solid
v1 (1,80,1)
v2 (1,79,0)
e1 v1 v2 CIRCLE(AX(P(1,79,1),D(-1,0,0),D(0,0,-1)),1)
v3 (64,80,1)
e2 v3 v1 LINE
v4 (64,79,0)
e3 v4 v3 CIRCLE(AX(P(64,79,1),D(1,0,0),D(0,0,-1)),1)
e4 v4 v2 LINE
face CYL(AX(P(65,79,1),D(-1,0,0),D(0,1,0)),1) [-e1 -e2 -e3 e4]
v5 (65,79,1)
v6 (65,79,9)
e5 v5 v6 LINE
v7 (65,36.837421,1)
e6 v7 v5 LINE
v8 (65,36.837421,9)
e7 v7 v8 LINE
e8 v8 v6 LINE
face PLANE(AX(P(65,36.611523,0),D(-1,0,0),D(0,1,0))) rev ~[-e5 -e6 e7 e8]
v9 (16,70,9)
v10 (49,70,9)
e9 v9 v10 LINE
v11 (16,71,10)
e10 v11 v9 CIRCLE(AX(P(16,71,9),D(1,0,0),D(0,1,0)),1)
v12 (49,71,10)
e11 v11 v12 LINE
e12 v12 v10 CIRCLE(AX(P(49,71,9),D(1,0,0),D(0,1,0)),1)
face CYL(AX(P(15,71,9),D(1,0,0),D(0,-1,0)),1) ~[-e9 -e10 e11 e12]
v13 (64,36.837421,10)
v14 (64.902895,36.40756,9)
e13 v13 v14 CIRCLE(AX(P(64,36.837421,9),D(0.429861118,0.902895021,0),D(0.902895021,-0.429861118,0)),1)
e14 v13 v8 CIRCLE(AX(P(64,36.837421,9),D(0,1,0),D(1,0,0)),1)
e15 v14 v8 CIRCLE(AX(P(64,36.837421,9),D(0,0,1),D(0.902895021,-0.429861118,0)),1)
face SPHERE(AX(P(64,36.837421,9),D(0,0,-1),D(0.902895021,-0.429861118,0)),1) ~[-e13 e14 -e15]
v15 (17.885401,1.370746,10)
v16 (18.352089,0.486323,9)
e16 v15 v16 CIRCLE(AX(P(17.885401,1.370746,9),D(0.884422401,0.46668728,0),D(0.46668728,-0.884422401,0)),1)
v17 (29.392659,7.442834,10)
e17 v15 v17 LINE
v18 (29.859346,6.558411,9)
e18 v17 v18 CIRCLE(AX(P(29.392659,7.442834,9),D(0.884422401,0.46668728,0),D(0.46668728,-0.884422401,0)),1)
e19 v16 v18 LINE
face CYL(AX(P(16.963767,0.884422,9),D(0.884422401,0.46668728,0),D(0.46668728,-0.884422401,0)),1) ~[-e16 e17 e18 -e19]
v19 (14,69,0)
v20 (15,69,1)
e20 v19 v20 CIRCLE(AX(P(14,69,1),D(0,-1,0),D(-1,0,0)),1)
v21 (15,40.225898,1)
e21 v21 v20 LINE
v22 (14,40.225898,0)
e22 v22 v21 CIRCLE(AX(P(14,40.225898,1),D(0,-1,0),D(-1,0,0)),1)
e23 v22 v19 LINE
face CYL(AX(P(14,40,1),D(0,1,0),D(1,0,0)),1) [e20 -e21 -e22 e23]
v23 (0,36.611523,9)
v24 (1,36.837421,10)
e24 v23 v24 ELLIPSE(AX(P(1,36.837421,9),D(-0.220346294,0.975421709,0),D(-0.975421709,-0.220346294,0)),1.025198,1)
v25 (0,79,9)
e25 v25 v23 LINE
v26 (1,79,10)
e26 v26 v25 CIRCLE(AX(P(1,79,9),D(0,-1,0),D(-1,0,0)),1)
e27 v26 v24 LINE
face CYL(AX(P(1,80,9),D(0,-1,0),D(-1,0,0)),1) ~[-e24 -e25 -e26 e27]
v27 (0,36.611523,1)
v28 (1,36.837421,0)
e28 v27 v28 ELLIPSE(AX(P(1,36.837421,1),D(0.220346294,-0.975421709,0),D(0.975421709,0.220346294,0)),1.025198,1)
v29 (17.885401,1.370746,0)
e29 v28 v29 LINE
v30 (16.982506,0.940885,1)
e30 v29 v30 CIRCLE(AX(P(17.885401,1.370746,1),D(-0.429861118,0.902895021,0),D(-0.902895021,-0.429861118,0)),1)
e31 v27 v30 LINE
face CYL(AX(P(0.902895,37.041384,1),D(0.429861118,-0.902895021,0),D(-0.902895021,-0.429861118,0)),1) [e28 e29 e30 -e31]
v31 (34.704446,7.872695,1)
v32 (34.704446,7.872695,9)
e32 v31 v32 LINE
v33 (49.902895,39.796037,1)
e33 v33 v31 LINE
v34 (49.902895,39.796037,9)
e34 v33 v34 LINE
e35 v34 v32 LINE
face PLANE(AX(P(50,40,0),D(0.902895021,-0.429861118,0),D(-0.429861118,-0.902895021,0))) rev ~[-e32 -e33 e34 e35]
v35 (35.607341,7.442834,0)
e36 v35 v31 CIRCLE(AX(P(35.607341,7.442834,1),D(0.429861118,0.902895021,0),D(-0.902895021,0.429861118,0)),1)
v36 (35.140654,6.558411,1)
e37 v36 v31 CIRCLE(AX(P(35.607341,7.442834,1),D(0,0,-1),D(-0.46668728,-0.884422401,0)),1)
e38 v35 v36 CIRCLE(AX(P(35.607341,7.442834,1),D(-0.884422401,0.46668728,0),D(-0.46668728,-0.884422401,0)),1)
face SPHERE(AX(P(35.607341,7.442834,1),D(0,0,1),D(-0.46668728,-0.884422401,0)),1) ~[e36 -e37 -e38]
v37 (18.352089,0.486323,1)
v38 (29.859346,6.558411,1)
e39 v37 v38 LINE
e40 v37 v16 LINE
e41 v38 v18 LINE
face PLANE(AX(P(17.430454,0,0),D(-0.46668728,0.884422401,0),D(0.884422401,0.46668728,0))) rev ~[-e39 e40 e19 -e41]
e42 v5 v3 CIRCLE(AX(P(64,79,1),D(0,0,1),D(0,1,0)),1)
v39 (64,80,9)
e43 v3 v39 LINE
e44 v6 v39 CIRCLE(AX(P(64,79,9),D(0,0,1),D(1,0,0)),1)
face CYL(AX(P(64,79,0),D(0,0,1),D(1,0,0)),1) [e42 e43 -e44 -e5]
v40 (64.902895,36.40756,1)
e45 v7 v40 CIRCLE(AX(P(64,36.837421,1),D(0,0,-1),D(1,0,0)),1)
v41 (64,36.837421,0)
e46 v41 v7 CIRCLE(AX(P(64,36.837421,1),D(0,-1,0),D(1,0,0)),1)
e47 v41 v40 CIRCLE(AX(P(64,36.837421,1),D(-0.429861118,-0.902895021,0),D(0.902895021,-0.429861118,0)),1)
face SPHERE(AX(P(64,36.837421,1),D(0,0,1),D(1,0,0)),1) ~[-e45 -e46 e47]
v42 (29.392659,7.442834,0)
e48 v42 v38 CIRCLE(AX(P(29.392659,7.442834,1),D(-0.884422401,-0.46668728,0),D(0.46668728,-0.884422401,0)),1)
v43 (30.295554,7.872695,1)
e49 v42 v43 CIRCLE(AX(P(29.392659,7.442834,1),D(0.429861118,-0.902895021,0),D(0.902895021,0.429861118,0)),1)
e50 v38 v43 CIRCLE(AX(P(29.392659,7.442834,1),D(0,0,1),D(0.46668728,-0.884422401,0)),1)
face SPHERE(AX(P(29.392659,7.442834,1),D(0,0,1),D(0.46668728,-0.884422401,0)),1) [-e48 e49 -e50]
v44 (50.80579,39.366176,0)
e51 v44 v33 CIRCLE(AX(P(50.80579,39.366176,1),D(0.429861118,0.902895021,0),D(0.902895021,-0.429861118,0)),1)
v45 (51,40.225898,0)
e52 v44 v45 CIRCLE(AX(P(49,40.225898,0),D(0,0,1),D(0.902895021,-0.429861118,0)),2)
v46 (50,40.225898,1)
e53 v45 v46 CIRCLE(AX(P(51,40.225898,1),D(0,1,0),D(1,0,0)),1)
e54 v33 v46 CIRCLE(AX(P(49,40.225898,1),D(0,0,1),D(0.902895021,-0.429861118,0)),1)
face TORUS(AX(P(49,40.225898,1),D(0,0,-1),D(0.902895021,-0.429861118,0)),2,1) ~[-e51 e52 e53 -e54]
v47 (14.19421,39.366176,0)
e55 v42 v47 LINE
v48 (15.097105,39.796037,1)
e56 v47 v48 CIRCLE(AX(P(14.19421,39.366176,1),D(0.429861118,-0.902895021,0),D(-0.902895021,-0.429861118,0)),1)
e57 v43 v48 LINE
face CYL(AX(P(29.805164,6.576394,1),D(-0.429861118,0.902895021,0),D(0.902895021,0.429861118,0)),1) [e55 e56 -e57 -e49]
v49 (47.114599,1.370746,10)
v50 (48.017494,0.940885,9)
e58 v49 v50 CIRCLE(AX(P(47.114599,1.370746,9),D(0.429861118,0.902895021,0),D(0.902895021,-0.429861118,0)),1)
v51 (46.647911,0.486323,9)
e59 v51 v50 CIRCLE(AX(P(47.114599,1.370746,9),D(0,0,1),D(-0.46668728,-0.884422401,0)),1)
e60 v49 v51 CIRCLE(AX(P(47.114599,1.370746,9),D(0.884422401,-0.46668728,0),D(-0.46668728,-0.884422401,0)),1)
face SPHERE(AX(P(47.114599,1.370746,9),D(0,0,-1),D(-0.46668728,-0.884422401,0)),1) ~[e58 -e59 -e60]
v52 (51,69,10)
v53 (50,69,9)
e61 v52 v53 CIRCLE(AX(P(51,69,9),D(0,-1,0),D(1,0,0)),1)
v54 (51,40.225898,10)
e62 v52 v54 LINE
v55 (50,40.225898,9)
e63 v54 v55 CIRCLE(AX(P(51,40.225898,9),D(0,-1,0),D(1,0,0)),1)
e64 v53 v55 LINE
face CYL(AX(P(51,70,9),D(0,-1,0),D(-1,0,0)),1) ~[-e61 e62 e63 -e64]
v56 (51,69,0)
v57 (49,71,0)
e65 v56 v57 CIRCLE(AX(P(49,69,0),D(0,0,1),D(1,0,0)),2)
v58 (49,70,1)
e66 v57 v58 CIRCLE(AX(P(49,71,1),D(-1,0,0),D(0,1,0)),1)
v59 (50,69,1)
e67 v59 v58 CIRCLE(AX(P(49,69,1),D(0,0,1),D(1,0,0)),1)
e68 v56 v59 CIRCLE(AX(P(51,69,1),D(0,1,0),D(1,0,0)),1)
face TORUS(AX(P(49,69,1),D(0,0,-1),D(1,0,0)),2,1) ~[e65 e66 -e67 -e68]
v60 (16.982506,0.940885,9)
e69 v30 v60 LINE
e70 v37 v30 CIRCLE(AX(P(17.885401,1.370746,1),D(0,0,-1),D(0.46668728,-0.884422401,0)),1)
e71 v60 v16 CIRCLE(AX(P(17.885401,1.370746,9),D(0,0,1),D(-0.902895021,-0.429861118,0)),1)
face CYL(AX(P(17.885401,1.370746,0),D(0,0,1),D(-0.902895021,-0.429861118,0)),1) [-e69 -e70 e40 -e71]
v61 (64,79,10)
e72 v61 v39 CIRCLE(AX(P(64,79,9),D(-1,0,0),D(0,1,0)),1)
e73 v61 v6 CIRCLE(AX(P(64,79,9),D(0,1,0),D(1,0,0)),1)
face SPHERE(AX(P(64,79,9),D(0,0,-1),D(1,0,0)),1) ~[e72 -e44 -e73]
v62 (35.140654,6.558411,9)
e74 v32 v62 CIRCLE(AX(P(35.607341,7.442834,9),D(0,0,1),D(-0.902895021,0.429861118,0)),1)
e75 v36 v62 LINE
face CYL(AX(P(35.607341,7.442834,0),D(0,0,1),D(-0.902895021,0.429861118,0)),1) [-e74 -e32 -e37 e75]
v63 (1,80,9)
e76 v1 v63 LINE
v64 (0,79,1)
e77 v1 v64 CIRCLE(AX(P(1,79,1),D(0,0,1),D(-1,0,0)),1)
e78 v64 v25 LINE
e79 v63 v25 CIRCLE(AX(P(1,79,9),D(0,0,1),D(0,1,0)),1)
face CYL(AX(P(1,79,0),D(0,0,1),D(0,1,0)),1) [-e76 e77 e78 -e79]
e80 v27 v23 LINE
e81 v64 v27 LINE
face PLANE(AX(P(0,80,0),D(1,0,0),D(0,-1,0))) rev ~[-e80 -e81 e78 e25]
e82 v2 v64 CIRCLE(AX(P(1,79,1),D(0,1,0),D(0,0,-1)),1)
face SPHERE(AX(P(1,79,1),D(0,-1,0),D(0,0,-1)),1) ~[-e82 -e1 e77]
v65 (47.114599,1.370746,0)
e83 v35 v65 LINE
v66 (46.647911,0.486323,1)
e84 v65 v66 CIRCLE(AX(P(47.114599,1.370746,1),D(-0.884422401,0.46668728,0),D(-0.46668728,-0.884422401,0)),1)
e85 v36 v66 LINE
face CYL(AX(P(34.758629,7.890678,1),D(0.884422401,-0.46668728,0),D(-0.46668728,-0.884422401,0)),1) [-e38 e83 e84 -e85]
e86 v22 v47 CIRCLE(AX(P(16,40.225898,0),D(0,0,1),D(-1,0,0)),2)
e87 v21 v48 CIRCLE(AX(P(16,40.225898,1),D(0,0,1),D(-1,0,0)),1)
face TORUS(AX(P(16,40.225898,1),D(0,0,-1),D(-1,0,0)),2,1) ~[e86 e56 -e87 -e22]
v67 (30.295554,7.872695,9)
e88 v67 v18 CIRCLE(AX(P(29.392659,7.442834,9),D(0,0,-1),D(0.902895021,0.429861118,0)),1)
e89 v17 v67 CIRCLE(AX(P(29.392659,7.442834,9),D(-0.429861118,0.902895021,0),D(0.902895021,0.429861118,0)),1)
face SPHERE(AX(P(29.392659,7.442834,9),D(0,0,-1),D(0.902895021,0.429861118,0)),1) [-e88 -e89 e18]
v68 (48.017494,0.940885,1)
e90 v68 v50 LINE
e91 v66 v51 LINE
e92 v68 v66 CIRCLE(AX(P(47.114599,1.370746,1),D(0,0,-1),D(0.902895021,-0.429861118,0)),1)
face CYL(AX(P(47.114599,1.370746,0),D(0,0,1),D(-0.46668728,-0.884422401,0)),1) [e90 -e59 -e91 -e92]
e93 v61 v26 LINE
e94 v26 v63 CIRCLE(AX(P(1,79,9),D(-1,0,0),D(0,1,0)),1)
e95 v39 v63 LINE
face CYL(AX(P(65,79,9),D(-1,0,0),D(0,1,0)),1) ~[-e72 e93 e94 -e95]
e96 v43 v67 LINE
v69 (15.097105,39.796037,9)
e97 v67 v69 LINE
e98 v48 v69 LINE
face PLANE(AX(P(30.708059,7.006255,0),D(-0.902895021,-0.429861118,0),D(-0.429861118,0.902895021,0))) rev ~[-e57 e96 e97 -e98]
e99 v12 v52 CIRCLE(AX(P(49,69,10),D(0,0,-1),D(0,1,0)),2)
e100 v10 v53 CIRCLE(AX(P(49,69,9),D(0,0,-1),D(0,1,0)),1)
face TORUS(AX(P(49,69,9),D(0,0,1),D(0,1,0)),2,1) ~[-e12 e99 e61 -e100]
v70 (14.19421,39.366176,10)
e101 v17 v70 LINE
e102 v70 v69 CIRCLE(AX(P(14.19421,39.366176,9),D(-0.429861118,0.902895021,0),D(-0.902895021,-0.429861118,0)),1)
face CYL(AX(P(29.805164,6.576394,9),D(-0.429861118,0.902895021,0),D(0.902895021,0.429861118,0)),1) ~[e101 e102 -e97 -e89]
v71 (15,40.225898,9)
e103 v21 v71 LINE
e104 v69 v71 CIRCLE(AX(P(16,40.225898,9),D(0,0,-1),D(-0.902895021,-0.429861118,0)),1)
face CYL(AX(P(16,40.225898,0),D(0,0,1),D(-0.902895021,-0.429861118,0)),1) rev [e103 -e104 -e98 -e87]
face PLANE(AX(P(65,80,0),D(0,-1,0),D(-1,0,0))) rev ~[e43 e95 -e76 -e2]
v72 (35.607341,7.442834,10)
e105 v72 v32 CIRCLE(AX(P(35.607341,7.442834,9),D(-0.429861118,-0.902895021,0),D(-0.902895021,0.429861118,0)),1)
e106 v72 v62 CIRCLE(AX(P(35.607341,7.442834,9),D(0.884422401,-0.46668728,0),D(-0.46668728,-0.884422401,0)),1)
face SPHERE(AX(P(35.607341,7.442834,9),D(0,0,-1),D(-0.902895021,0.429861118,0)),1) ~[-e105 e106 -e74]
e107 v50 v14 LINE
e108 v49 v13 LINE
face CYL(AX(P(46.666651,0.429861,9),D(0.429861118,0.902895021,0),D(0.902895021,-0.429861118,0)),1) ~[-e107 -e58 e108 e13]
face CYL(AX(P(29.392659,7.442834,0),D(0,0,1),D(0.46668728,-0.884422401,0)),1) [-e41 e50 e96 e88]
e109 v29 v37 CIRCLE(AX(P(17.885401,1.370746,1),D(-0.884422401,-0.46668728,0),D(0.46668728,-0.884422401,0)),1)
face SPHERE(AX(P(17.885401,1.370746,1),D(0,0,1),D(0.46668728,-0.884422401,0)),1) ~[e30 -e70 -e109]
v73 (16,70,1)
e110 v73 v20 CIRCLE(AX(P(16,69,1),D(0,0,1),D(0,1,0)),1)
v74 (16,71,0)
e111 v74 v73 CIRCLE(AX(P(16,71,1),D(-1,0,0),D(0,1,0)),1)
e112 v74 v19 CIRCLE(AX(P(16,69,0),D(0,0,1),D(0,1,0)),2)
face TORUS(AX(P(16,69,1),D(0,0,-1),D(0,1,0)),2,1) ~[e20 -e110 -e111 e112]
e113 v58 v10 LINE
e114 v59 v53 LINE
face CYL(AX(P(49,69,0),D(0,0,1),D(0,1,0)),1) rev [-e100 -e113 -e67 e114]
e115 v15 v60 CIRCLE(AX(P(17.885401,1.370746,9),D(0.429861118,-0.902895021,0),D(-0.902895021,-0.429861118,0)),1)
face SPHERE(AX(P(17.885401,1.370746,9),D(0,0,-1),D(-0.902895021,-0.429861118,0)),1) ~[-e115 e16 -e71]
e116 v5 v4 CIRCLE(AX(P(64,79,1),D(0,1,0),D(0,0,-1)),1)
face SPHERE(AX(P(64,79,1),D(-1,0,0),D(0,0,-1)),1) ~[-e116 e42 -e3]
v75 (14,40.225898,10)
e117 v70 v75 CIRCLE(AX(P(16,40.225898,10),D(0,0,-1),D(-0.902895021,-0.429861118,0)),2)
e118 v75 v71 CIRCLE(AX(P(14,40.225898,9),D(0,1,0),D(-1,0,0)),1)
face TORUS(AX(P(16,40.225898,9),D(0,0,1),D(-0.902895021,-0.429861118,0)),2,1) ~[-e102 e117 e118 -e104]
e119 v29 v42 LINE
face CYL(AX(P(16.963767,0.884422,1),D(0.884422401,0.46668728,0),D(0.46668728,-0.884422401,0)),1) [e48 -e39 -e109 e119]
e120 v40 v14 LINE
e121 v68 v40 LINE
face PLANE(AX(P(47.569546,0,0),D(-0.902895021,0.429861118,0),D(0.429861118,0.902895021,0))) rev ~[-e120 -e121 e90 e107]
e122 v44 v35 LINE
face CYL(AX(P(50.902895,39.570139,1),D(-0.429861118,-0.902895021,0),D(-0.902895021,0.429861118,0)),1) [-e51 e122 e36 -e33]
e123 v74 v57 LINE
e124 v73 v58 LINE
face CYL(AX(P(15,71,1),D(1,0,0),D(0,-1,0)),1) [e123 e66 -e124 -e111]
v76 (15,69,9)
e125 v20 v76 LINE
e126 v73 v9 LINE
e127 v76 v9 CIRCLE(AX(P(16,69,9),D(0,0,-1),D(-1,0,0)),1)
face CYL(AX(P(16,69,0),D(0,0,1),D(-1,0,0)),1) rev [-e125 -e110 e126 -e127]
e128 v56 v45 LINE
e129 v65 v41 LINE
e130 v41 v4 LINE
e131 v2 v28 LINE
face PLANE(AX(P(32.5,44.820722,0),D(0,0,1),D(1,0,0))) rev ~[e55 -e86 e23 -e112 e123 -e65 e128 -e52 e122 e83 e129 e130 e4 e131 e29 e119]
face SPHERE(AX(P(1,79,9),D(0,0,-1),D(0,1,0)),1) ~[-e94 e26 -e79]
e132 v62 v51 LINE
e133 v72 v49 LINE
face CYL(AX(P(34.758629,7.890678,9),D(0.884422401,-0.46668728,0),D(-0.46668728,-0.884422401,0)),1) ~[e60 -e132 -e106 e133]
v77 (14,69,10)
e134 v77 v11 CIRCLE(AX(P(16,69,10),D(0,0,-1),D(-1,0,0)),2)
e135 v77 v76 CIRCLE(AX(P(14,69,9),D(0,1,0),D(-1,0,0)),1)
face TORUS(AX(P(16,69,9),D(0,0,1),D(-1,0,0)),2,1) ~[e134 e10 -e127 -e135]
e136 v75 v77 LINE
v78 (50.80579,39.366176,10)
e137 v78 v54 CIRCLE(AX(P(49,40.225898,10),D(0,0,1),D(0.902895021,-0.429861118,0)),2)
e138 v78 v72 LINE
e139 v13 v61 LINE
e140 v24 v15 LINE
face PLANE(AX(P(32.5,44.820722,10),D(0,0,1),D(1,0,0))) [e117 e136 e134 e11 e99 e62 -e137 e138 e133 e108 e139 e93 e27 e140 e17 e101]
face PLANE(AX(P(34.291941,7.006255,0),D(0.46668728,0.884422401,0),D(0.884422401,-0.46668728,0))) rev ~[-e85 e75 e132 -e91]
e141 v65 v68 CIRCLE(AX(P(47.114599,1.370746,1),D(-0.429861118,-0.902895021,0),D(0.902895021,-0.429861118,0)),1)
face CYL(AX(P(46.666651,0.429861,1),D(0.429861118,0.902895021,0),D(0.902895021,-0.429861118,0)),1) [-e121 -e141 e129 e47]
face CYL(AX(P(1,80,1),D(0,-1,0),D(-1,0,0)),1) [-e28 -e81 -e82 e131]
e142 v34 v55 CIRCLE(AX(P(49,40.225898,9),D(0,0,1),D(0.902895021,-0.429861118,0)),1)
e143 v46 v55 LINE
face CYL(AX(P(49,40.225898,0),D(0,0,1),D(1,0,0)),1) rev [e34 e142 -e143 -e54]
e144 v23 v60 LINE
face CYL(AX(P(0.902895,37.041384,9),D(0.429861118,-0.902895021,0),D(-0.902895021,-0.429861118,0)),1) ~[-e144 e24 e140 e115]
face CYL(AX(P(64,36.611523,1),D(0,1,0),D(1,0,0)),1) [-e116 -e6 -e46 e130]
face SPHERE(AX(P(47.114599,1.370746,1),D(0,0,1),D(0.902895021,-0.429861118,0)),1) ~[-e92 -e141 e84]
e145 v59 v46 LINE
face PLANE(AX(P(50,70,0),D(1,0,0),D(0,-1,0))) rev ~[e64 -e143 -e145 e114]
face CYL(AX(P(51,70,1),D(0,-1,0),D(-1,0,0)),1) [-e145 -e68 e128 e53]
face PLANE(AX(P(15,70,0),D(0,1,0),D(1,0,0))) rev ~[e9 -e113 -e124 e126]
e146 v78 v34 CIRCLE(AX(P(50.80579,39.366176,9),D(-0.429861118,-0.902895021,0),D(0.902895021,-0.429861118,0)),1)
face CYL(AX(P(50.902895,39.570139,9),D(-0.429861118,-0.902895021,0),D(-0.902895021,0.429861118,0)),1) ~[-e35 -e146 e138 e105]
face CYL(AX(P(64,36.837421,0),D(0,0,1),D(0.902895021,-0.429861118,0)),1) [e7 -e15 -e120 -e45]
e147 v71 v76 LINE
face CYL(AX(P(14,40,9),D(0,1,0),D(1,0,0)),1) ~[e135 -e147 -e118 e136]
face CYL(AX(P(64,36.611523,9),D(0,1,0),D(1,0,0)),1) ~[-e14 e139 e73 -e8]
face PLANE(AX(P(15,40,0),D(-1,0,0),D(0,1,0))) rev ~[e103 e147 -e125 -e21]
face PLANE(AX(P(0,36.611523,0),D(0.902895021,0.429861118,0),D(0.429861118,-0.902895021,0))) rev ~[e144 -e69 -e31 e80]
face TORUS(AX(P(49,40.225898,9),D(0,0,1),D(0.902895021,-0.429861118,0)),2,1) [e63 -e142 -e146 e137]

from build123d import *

# Parameters (mm, degrees)
BOSS_EXTRUDE1_DEPTH = 10
FILLET1_R           = 1


with BuildPart() as part:
    # Sketch1 → Boss-Extrude1 (new body)
    with BuildSketch(Plane.XY):
        Polygon((0, 40), (0, 36.611522599), (17.430453908, 0), (30.708058647, 7.006255421), (15, 40), (15, 70), (50, 70), (50, 40), (34.291941353, 7.006255421), (47.569546092, 0), (65, 36.611522599), (65, 80), (0, 80), align=None)
    extrude(amount=BOSS_EXTRUDE1_DEPTH)

    # Fillet1
    fillet1_edges = [part.edges().sort_by_distance(p)[0] for p in [
        (15, 55, 10),
        (24.069256278, 3.50312771, 0),
        (8.715226954, 18.3057613, 0),
        (0, 58.3057613, 0),
        (32.5, 80, 0),
        (65, 58.3057613, 0),
        (32.5, 70, 10),
        (56.284773046, 18.3057613, 0),
        (40.930743722, 3.50312771, 0),
        (42.145970676, 23.50312771, 0),
        (50, 55, 0),
        (32.5, 70, 0),
        (15, 55, 0),
        (22.854029324, 23.50312771, 0),
        (50, 55, 10),
        (30.708058647, 7.006255421, 5),
        (17.430453908, 0, 5),
        (0, 80, 5),
        (65, 80, 5),
        (65, 36.611522599, 5),
        (47.569546092, 0, 5),
        (34.291941353, 7.006255421, 5),
        (50, 40, 5),
        (50, 70, 5),
        (15, 70, 5),
        (15, 40, 5),
        (42.145970676, 23.50312771, 10),
        (40.930743722, 3.50312771, 10),
        (56.284773046, 18.3057613, 10),
        (65, 58.3057613, 10),
        (32.5, 80, 10),
        (0, 58.3057613, 10),
        (8.715226954, 18.3057613, 10),
        (22.854029324, 23.50312771, 10),
        (24.069256278, 3.50312771, 10),
    ]]
    fillet(fillet1_edges, radius=FILLET1_R)


solid = part.part
